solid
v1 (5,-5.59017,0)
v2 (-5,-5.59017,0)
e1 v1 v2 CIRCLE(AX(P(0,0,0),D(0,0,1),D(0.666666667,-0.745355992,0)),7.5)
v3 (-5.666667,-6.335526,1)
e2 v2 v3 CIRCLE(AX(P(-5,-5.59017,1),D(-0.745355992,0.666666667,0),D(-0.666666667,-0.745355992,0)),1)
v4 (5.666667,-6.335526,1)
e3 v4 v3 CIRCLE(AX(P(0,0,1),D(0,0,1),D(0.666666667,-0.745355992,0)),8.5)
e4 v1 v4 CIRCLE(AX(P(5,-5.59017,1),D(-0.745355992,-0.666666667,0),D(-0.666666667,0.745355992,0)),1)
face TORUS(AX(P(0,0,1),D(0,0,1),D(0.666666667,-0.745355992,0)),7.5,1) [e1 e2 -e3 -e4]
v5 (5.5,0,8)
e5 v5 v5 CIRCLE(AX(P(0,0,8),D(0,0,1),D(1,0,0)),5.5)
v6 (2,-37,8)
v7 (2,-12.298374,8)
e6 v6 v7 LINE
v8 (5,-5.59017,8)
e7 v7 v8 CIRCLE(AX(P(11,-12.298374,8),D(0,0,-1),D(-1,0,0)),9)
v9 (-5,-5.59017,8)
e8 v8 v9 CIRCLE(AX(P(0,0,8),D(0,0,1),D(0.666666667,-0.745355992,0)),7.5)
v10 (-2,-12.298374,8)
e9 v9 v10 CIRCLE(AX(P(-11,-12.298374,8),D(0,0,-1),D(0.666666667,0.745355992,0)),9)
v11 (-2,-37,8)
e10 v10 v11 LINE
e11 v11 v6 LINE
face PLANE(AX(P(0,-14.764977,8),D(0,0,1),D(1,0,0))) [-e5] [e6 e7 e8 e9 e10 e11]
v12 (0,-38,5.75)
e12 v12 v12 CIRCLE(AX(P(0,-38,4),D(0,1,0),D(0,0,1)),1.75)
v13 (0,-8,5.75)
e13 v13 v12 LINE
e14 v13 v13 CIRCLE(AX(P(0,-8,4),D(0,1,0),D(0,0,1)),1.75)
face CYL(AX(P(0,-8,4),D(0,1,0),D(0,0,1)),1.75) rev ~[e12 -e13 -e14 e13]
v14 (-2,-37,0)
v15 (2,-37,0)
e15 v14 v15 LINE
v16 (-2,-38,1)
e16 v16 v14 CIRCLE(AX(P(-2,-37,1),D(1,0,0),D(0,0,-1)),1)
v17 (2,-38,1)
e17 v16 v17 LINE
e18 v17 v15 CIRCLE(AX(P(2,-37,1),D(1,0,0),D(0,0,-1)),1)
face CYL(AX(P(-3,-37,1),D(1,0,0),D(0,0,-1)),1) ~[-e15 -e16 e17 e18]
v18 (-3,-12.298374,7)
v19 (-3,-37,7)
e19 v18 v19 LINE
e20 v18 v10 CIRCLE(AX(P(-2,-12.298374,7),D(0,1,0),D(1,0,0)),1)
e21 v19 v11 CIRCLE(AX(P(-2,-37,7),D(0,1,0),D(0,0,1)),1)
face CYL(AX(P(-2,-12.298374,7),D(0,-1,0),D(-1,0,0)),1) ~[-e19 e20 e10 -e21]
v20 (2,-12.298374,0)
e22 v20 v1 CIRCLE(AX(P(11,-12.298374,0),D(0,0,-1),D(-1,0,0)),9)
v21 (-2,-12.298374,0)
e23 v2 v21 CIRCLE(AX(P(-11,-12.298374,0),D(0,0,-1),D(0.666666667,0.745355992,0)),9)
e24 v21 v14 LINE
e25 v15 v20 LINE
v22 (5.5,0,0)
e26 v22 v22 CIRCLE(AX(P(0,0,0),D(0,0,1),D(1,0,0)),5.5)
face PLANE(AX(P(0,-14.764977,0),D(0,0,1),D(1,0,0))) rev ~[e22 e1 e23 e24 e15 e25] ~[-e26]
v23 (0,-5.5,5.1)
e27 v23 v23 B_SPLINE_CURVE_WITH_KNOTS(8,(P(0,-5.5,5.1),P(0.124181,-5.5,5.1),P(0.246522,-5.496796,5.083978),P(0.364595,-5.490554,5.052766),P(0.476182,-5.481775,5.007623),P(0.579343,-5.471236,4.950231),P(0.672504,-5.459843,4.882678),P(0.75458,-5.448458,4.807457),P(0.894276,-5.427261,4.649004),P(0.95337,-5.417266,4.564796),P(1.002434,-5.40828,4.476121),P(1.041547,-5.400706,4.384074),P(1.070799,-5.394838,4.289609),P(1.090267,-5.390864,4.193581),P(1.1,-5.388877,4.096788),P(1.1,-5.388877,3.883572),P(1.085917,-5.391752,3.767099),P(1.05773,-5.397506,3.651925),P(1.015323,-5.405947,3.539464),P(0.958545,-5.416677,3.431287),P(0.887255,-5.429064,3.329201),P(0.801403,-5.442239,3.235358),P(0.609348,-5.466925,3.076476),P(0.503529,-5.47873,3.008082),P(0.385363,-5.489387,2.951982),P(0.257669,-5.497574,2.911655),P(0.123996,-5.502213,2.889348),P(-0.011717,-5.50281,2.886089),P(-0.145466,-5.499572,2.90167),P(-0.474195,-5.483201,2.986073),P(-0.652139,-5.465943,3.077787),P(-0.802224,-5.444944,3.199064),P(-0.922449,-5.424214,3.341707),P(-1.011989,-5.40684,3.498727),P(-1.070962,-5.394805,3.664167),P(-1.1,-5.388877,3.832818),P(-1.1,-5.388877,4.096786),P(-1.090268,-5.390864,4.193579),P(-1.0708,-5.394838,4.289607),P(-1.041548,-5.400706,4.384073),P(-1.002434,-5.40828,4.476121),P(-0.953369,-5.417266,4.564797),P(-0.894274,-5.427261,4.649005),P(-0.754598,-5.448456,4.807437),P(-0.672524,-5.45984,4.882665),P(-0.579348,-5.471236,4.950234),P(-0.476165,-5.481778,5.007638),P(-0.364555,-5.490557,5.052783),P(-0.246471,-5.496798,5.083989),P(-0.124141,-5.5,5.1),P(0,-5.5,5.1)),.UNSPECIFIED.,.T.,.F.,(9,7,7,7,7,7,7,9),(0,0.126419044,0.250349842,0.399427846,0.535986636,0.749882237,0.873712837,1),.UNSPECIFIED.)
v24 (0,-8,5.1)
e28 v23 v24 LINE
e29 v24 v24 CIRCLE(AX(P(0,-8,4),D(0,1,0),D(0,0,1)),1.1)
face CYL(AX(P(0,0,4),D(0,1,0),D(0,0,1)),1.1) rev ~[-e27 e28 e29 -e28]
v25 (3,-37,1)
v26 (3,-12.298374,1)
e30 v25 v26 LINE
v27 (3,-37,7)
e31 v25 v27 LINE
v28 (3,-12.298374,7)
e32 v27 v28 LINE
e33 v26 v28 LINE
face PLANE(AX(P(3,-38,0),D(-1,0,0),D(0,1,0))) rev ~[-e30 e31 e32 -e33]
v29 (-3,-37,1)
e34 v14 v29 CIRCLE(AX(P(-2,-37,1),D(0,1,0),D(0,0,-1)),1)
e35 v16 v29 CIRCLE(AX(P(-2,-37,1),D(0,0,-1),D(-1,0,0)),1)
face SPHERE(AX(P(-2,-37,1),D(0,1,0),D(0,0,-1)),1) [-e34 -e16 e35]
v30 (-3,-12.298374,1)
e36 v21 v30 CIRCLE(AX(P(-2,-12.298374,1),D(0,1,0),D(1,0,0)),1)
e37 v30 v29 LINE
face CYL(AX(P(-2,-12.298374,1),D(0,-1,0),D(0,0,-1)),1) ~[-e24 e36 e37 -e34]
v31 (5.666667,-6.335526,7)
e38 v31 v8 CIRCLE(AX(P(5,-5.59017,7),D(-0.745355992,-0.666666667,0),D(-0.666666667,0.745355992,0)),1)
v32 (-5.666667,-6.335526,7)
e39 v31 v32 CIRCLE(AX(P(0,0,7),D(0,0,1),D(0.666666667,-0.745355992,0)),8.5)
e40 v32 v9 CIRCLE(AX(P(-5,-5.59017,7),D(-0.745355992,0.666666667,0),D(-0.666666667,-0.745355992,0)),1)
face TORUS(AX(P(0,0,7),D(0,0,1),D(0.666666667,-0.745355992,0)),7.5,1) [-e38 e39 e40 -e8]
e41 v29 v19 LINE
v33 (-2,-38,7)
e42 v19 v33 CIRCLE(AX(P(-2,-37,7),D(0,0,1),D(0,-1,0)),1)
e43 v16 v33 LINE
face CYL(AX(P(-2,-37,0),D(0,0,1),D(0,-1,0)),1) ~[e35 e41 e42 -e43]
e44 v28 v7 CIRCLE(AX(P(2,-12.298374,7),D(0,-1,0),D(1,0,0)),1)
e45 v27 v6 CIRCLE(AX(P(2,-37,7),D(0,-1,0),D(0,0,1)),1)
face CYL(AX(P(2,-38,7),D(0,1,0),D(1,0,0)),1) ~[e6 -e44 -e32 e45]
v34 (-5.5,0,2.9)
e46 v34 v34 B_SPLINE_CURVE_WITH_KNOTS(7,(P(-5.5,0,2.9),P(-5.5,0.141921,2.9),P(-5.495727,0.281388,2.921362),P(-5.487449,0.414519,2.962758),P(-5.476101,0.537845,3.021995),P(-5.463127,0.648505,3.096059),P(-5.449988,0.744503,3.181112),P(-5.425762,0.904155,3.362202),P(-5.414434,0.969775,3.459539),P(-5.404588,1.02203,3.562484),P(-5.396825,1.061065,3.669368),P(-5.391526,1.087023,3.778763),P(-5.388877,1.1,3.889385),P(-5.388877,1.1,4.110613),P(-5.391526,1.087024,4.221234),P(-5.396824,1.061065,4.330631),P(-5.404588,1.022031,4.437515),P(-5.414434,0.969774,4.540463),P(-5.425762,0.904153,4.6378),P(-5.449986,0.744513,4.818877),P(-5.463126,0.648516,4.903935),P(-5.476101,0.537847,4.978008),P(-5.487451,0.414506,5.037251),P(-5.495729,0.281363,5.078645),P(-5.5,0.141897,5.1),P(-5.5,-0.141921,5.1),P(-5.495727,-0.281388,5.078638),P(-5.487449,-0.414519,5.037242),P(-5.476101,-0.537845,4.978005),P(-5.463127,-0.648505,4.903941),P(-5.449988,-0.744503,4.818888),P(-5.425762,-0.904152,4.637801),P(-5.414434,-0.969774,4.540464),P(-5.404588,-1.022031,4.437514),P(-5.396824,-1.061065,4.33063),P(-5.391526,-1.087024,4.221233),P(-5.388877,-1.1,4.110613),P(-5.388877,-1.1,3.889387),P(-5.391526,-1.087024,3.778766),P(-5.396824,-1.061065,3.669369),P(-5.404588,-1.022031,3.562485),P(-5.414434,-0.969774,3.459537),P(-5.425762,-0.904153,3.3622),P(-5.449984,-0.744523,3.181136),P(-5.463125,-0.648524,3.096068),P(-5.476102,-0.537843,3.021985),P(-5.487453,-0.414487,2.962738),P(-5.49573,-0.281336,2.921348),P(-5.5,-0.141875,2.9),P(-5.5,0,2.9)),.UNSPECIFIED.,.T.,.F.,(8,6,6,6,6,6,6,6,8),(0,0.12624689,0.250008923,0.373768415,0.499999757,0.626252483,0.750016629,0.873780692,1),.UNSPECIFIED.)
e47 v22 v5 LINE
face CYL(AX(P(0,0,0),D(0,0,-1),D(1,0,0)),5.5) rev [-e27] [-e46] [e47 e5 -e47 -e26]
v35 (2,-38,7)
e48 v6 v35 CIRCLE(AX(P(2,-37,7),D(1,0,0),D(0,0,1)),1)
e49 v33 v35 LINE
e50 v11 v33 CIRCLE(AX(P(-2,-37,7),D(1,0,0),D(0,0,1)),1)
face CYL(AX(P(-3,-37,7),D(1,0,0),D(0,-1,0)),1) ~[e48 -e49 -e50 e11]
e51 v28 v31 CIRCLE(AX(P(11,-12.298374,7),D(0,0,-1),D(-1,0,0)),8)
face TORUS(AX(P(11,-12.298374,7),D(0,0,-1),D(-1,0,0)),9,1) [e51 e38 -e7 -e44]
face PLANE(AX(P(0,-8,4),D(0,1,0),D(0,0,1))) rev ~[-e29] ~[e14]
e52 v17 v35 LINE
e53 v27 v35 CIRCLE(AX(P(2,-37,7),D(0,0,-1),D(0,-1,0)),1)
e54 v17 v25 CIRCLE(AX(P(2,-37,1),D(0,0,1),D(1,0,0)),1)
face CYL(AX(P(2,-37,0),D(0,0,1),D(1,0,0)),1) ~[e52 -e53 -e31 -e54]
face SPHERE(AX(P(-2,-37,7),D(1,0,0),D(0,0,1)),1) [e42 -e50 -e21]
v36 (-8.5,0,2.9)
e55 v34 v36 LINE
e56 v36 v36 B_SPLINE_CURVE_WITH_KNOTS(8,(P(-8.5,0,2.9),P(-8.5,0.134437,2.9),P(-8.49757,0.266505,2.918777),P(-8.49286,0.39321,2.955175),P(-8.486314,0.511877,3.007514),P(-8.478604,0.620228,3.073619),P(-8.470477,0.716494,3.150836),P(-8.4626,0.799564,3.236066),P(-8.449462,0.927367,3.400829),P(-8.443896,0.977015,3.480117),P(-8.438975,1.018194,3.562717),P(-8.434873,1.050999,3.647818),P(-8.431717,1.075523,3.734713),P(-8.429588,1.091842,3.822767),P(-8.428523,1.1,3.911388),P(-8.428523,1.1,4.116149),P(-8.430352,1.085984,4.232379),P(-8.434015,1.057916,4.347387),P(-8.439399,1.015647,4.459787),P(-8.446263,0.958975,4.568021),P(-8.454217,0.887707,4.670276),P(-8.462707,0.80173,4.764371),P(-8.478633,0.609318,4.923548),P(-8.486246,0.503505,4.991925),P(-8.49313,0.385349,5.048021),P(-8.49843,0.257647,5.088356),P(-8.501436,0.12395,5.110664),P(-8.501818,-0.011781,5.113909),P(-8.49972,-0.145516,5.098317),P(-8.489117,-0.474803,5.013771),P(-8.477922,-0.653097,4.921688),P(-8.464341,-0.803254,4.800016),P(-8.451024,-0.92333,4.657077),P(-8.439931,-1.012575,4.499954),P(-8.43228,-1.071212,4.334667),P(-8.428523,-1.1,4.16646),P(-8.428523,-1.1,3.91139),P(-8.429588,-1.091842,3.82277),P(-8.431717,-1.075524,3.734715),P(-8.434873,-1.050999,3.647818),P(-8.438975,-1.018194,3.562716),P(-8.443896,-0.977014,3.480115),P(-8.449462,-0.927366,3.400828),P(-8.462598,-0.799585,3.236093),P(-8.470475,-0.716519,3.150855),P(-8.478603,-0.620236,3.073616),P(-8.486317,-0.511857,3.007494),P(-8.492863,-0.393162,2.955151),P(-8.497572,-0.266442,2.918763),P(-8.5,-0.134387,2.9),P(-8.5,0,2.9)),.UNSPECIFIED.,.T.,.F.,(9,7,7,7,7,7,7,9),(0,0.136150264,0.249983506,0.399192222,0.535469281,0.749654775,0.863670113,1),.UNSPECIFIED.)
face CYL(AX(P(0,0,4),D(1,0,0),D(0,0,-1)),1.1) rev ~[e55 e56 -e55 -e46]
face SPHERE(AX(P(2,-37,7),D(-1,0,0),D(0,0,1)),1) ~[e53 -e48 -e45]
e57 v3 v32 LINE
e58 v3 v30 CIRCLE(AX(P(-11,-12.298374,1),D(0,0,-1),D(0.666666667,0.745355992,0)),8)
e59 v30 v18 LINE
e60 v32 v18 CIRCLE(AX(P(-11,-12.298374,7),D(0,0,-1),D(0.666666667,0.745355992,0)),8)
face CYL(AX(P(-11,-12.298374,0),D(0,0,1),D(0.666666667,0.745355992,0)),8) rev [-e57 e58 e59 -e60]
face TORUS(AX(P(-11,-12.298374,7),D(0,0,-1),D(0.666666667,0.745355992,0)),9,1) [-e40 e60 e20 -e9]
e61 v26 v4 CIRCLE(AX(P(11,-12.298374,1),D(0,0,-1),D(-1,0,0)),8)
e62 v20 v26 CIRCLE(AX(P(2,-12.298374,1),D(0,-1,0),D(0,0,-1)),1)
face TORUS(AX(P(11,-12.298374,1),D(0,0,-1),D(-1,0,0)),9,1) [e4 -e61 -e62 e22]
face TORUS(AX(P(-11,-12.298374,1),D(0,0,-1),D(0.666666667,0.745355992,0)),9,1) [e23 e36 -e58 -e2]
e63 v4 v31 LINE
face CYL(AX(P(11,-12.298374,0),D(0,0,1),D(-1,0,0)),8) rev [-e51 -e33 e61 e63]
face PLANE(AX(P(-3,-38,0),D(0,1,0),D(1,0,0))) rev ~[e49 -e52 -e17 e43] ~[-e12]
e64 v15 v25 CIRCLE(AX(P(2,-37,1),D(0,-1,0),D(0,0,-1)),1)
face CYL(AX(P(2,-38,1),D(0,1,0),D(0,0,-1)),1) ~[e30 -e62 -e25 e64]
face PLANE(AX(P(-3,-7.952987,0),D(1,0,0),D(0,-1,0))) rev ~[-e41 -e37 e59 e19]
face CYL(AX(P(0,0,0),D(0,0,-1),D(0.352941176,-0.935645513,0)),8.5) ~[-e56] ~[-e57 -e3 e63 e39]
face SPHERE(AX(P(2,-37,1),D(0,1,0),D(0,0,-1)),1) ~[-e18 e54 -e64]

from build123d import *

# Parameters (mm, degrees)
SKETCH2_R           = 5.5
BOSS_EXTRUDE1_DEPTH = 8
SKETCH3_R           = 1.1
CUT_EXTRUDE1_DEPTH  = 40.752358421
CUT_EXTRUDE2_START  = -8
SKETCH5_R           = 1.75
CUT_EXTRUDE2_DEPTH  = 88
SKETCH6_R           = 1.1
CUT_EXTRUDE3_DEPTH  = 40.752358441
FILLET2_R           = 8
FILLET1_R           = 1


with BuildPart() as part:
    # Sketch2 → Boss-Extrude1 (new body)
    with BuildSketch(Plane.XY):
        with BuildLine():
            Line((0, -38), (3, -38))
            Line((3, -38), (3, -7.95298686))
            ThreePointArc((3, -7.95298686), (0, 8.5), (-3, -7.95298686))
            Line((-3, -7.95298686), (-3, -38))
            Line((-3, -38), (0, -38))
        make_face()
        Circle(SKETCH2_R, mode=Mode.SUBTRACT)
    extrude(amount=BOSS_EXTRUDE1_DEPTH)

    # Sketch3 → Cut-Extrude1 (cut, through all)
    with BuildSketch(Plane(origin=(0, 0, 0), x_dir=(1, 0, 0), z_dir=(0, 1, 0))):
        with Locations(Location((0, -4, 0), (0, 0, 270))):
            Circle(SKETCH3_R)
    extrude(amount=-CUT_EXTRUDE1_DEPTH, mode=Mode.SUBTRACT)

    # Sketch5 → Cut-Extrude2 (cut)
    with BuildSketch(Plane(origin=(0, 0, 0), x_dir=(1, 0, 0), z_dir=(0, 1, 0)).offset(CUT_EXTRUDE2_START)):
        with Locations(Location((0, -4, 0), (0, 0, 270))):
            Circle(SKETCH5_R)
    extrude(amount=-CUT_EXTRUDE2_DEPTH, mode=Mode.SUBTRACT)

    # Sketch6 → Cut-Extrude3 (cut, through all)
    with BuildSketch(Plane(origin=(0, 0, 0), x_dir=(0, 0, -1), z_dir=(1, 0, 0))):
        with Locations((-4, 0)):
            Circle(SKETCH6_R)
    extrude(amount=-CUT_EXTRUDE3_DEPTH, mode=Mode.SUBTRACT)

    # Fillet2
    fillet2_edges = [part.edges().sort_by_distance(p)[0] for p in [
        (3, -7.95298686, 4),
        (-3, -7.95298686, 4),
    ]]
    fillet(fillet2_edges, radius=FILLET2_R)

    # Fillet1
    fillet1_edges = [part.edges().sort_by_distance(p)[0] for p in [
        (0, -38, 8),
        (3, -25.149186938, 8),
        (0, 8.5, 0),
        (0, 8.5, 8),
        (-3, -25.149186938, 0),
        (-3, -25.149186938, 8),
        (3.697032567, -9.032387553, 0),
        (3.697032567, -9.032387553, 8),
        (-3.697032567, -9.032387553, 0),
        (-3.697032567, -9.032387553, 8),
        (3, -25.149186938, 0),
        (0, -38, 0),
        (3, -38, 4),
        (-3, -38, 4),
    ]]
    fillet(fillet1_edges, radius=FILLET1_R)


solid = part.part
